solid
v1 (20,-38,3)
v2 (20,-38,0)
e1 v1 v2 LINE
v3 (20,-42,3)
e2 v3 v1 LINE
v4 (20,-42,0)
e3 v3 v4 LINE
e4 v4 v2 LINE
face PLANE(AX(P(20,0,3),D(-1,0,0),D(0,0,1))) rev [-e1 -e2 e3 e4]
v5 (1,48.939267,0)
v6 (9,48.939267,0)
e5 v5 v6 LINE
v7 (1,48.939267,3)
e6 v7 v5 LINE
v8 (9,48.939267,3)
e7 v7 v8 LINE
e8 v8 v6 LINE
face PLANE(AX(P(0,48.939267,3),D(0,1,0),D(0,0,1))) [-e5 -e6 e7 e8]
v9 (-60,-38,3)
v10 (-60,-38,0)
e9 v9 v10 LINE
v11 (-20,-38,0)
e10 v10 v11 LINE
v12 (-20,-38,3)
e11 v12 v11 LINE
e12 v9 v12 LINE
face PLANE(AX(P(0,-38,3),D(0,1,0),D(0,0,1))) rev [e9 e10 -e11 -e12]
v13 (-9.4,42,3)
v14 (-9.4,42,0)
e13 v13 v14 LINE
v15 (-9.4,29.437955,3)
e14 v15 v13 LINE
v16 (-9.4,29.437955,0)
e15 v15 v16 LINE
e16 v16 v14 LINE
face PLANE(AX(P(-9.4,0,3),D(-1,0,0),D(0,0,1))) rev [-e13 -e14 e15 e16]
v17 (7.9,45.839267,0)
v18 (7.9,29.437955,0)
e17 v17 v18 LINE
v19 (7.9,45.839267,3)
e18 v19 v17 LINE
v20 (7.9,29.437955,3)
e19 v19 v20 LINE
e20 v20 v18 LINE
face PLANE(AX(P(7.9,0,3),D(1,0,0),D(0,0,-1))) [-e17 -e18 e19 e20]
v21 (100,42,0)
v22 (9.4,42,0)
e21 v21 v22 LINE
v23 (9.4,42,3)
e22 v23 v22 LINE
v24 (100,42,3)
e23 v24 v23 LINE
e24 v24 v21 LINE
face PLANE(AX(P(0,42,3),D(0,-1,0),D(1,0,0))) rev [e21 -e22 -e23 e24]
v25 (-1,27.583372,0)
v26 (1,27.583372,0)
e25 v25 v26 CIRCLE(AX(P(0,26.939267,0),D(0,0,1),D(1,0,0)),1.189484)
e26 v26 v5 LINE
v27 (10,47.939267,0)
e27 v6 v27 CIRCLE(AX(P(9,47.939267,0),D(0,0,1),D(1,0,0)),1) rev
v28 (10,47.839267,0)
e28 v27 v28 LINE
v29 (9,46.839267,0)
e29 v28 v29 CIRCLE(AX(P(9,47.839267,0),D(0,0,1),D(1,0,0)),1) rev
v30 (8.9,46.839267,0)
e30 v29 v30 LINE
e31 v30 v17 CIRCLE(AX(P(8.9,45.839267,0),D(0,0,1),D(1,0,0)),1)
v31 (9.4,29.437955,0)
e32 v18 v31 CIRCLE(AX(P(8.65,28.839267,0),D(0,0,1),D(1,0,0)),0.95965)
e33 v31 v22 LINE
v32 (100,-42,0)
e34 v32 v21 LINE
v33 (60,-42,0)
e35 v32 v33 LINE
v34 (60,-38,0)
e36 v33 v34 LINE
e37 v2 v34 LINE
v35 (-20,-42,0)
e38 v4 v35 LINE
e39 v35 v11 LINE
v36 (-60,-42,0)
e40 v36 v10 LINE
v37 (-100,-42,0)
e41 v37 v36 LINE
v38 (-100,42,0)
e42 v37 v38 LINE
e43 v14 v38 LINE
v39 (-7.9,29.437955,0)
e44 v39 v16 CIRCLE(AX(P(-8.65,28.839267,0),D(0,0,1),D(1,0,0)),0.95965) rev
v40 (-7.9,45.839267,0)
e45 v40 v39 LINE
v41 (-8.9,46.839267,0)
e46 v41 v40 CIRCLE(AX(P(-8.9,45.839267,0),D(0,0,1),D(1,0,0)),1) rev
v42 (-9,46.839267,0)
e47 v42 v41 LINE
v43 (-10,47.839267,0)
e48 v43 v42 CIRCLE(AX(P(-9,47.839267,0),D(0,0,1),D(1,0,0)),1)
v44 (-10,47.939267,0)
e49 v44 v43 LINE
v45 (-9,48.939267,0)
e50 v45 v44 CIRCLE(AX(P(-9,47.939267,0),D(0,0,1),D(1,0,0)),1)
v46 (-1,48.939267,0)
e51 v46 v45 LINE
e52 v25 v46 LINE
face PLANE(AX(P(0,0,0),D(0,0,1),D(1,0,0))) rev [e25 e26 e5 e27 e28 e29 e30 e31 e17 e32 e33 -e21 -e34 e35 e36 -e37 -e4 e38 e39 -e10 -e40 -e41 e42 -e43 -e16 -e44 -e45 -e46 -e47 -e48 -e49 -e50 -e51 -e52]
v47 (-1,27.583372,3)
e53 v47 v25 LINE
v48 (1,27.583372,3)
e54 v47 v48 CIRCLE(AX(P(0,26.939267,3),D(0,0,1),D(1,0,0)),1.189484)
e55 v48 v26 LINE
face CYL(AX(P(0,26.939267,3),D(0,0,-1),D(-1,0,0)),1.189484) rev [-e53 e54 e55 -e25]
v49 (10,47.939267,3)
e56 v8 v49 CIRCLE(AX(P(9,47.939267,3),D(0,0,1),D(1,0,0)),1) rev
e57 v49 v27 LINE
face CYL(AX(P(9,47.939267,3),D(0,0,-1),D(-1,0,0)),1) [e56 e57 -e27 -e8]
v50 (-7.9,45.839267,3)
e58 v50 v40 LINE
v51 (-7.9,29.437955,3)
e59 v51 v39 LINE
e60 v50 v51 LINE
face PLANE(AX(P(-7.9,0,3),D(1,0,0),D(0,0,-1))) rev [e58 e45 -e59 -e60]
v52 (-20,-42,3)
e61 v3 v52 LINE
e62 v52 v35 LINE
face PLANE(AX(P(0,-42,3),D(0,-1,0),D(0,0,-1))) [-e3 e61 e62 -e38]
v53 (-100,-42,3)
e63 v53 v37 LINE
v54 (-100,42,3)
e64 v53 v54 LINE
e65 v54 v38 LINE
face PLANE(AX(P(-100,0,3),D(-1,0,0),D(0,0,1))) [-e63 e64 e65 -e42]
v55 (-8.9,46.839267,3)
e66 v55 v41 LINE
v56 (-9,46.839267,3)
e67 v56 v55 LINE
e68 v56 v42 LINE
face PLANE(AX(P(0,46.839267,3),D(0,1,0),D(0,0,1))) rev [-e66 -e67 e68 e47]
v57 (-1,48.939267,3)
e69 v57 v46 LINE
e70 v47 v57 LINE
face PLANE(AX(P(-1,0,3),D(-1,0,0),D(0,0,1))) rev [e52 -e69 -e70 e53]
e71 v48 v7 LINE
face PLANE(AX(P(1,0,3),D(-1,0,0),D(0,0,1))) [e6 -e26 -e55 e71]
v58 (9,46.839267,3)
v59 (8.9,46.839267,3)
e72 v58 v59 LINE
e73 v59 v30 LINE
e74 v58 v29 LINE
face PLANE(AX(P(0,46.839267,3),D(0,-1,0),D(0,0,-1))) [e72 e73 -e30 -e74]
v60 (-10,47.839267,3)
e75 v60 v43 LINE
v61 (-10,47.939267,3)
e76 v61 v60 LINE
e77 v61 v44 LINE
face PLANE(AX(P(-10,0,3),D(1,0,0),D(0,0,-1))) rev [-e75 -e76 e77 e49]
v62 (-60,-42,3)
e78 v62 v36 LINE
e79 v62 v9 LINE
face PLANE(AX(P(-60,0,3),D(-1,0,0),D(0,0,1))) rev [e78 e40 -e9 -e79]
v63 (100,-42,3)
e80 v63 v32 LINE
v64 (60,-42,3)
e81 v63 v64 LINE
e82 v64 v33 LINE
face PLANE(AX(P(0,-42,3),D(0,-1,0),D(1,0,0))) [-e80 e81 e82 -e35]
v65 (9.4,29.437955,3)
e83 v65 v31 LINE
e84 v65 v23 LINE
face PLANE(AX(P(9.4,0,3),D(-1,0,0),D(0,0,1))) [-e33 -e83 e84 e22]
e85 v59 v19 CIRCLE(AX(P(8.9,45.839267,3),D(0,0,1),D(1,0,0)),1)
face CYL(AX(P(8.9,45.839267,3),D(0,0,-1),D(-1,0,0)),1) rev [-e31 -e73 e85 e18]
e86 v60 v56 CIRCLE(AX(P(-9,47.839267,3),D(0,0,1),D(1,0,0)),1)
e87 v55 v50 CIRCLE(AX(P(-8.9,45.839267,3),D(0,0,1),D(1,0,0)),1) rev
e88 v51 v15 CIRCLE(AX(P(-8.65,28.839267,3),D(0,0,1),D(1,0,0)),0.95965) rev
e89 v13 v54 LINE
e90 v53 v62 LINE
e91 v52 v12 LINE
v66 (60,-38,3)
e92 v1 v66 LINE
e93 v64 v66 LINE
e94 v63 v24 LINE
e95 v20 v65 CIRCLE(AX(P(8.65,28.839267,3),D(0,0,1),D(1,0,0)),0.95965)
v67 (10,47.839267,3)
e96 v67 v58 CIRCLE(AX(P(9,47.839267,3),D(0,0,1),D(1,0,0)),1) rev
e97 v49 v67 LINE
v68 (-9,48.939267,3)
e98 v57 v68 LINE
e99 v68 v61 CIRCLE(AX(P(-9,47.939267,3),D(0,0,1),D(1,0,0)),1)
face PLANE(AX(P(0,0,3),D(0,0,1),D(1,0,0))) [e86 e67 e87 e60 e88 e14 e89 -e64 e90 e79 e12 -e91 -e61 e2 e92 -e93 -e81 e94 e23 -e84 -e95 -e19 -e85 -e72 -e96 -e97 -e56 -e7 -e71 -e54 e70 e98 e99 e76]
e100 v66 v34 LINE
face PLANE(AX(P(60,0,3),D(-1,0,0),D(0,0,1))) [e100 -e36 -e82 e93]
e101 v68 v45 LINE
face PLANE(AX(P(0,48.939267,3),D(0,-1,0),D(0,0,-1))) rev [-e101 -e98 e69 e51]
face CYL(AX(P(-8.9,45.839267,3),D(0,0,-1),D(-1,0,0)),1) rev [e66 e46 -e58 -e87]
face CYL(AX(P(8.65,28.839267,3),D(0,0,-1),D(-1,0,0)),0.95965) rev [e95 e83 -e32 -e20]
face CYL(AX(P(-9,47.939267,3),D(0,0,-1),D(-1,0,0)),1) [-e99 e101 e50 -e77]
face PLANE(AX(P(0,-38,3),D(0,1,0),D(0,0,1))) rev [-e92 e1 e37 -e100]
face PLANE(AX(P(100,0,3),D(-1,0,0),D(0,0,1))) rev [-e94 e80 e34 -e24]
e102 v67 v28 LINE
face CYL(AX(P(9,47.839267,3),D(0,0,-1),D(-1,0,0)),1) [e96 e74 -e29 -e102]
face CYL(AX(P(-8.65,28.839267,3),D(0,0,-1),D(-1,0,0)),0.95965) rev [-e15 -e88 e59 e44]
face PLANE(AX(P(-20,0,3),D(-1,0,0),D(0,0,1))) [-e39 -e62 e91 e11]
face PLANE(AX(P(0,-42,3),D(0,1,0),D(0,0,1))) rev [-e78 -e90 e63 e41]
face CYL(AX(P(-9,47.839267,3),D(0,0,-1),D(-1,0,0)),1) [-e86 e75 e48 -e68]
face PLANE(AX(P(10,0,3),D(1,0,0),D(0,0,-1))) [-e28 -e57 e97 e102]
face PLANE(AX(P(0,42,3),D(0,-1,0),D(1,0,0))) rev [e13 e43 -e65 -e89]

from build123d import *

# Parameters (mm, degrees)
BOSS_EXTRUDE1_DEPTH = 3


with BuildPart() as part:
    # Sketch1 → Boss-Extrude1 (new body)
    with BuildSketch(Plane.XY):
        with BuildLine():
            Line((-20, -42), (-20, -38))
            Line((-20, -38), (-60, -38))
            Line((-60, -38), (-60, -42))
            Line((-60, -42), (-100, -42))
            Line((-100, -42), (-100, 42))
            Line((-100, 42), (-9.4, 42))
            Line((-9.4, 42), (-9.4, 29.437955396))
            ThreePointArc((-9.4, 29.437955396), (-8.65, 27.879616867), (-7.9, 29.437955396))
            Line((-7.9, 29.437955396), (-7.9, 45.839266813))
            ThreePointArc((-7.9, 45.839266813), (-8.192893219, 46.546373594), (-8.9, 46.839266813))
            Line((-8.9, 46.839266813), (-9, 46.839266813))
            ThreePointArc((-9, 46.839266813), (-9.707106781, 47.132160032), (-10, 47.839266813))
            Line((-10, 47.839266813), (-10, 47.939266813))
            ThreePointArc((-10, 47.939266813), (-9.707106781, 48.646373594), (-9, 48.939266813))
            Line((-9, 48.939266813), (-1, 48.939266813))
            Line((-1, 48.939266813), (-1, 27.583372359))
            ThreePointArc((-1, 27.583372359), (0, 25.749782911), (1, 27.583372359))
            Line((1, 27.583372359), (1, 48.939266813))
            Line((1, 48.939266813), (9, 48.939266813))
            ThreePointArc((9, 48.939266813), (9.707106781, 48.646373594), (10, 47.939266813))
            Line((10, 47.939266813), (10, 47.839266813))
            ThreePointArc((10, 47.839266813), (9.707106781, 47.132160032), (9, 46.839266813))
            Line((9, 46.839266813), (8.9, 46.839266813))
            ThreePointArc((8.9, 46.839266813), (8.192893219, 46.546373594), (7.9, 45.839266813))
            Line((7.9, 45.839266813), (7.9, 29.437955396))
            ThreePointArc((7.9, 29.437955396), (8.65, 27.879616867), (9.4, 29.437955396))
            Line((9.4, 29.437955396), (9.4, 42))
            Line((9.4, 42), (100, 42))
            Line((100, 42), (100, -42))
            Line((100, -42), (60, -42))
            Line((60, -42), (60, -38))
            Line((60, -38), (20, -38))
            Line((20, -38), (20, -42))
            Line((20, -42), (-20, -42))
        make_face()
    extrude(amount=BOSS_EXTRUDE1_DEPTH)


solid = part.part
